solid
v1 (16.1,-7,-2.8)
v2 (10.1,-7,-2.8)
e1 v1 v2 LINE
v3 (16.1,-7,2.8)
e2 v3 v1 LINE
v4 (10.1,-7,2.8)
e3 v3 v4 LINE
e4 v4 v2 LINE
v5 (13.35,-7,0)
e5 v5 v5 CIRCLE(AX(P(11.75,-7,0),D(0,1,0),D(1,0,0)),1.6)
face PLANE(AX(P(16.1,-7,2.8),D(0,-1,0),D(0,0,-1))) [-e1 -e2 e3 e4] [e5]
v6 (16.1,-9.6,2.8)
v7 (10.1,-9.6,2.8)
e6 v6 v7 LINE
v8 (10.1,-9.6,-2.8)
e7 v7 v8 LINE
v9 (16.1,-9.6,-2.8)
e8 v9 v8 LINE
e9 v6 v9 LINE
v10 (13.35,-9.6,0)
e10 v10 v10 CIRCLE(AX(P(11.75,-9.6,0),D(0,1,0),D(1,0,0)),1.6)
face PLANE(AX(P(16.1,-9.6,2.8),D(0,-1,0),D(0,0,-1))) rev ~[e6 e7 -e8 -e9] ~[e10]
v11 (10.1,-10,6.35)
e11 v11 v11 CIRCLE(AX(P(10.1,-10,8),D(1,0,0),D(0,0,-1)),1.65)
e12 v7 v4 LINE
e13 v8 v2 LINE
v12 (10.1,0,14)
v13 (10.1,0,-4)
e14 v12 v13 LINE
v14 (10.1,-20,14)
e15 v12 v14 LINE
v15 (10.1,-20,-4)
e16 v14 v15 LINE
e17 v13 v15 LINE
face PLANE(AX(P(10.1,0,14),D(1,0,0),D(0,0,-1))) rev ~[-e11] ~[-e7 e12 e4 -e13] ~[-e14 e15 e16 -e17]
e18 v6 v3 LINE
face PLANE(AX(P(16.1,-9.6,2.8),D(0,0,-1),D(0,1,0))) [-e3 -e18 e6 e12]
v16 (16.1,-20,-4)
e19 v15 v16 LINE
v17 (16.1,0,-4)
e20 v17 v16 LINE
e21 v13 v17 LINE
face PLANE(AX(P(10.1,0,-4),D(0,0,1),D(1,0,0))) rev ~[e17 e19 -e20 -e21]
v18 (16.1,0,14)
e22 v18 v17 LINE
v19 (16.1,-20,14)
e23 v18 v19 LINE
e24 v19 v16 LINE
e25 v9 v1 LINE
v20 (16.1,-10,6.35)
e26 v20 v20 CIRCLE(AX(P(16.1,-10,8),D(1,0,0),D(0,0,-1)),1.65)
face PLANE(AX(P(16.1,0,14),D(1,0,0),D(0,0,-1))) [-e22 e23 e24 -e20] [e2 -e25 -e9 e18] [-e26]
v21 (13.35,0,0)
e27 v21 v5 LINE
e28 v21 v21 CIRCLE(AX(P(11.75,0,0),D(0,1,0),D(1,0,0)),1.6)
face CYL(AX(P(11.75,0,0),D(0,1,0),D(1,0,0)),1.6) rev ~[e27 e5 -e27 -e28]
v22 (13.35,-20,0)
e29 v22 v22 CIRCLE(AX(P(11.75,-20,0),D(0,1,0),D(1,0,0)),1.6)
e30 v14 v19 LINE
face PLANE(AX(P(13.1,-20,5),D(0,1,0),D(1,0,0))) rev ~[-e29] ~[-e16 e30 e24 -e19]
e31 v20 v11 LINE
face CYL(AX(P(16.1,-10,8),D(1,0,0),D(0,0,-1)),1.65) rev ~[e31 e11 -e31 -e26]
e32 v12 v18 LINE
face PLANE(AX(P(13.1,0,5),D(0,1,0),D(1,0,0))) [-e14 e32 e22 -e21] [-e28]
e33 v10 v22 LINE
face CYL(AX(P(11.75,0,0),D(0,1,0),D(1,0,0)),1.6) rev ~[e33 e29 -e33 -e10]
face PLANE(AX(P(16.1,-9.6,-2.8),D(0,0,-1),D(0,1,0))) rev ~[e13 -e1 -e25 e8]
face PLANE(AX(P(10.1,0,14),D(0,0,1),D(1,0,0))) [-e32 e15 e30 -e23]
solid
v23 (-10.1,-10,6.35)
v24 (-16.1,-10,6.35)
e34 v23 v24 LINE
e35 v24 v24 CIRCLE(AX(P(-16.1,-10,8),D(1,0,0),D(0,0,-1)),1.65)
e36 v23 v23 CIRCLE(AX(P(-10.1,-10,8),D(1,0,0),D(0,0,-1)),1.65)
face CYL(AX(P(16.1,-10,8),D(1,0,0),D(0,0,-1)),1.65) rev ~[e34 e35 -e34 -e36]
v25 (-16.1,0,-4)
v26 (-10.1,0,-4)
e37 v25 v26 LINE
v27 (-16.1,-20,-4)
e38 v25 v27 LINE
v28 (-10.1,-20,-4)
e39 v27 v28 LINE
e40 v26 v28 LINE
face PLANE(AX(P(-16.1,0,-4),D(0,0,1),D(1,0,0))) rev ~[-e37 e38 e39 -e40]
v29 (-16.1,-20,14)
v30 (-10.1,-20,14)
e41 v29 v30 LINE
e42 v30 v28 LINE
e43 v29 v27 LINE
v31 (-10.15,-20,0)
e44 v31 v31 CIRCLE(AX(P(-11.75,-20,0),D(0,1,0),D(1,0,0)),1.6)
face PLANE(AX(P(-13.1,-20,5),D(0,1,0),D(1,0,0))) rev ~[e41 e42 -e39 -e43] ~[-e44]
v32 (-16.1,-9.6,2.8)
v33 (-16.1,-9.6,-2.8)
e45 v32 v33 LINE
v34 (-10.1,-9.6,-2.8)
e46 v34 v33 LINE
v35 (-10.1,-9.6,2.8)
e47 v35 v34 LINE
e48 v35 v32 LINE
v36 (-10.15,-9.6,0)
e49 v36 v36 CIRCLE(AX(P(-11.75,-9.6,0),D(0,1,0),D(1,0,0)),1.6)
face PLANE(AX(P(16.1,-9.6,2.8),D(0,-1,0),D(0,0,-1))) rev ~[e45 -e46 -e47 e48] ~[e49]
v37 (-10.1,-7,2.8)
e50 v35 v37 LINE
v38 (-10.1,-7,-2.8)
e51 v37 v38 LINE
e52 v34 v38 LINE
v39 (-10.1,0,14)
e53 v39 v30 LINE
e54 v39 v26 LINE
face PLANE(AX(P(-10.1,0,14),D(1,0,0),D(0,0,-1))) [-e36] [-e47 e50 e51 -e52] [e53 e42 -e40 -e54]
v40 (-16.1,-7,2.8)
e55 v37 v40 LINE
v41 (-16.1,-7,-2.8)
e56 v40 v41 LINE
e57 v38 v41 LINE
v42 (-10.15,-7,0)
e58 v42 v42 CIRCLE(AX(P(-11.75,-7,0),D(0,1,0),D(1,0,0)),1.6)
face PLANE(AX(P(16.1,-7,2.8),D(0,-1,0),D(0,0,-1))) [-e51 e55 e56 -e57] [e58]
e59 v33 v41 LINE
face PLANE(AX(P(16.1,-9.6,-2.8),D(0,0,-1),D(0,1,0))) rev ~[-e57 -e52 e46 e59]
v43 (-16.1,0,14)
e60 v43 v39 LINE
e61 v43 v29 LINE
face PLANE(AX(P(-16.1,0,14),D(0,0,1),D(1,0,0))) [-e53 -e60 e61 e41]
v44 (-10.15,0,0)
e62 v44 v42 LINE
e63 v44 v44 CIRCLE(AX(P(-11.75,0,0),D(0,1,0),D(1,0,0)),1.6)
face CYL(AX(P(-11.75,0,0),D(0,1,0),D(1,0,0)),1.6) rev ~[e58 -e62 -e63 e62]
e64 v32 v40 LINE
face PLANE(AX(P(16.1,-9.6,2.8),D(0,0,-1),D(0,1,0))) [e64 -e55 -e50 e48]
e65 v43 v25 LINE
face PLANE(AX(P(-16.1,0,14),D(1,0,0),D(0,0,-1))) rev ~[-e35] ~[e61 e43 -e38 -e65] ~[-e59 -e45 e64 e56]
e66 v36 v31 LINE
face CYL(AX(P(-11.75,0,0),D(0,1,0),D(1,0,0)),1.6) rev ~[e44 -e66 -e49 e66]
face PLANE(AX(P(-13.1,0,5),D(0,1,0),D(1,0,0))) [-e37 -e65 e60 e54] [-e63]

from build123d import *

# Parameters (mm, degrees)
SKETCH_1_W          = 6
SKETCH_1_H          = 18
SKETCH_1_R          = 1.6
EXTRUDE_1_DEPTH     = 20
EXTRUDE_1_2_DEPTH   = 20
SKETCH_2_R          = 1.65
SKETCH_2_W          = 5.6
SKETCH_2_H          = 2.6
CUT_EXTRUDE_1_DEPTH = 33.2


with BuildPart() as part:
    # 草图1 → 凸台-拉伸1 (new body)
    with BuildSketch(Plane(origin=(0, 0, 0), x_dir=(1, 0, 0), z_dir=(0, 1, 0))):
        with Locations((-13.1, -5)):
            Rectangle(SKETCH_1_W, SKETCH_1_H)
        with Locations((-11.75, 0)):
            Circle(SKETCH_1_R, mode=Mode.SUBTRACT)
    extrude(amount=-EXTRUDE_1_DEPTH)


with BuildPart() as body_2:
    # 草图1 → Extrude 1 2 (new body)
    with BuildSketch(Plane(origin=(0, 0, 0), x_dir=(1, 0, 0), z_dir=(0, 1, 0))):
        with Locations((13.1, -5)):
            Rectangle(SKETCH_1_W, SKETCH_1_H)
        with Locations((11.75, 0)):
            Circle(SKETCH_1_R, mode=Mode.SUBTRACT)
    extrude(amount=-EXTRUDE_1_2_DEPTH)


with BuildPart() as cut_extrude_1_tool:
    # 草图2 → 切除-拉伸1 (new body, through all)
    with BuildSketch(Plane(origin=(16.1, 0, 0), x_dir=(0, 0, -1), z_dir=(1, 0, 0))):
        with Locations((-8, -10)):
            Circle(SKETCH_2_R)
        with Locations((0, -8.3)):
            Rectangle(SKETCH_2_W, SKETCH_2_H)
    extrude(amount=-CUT_EXTRUDE_1_DEPTH)


with BuildPart() as part_1:
    add(part.part)

    # 切除-拉伸1: cut by cut_extrude_1_tool
    add(cut_extrude_1_tool.part, mode=Mode.SUBTRACT)


with BuildPart() as body_2_1:
    add(body_2.part)

    # 切除-拉伸1: cut by cut_extrude_1_tool
    add(cut_extrude_1_tool.part, mode=Mode.SUBTRACT)


solid = Compound([part_1.part, body_2_1.part])
